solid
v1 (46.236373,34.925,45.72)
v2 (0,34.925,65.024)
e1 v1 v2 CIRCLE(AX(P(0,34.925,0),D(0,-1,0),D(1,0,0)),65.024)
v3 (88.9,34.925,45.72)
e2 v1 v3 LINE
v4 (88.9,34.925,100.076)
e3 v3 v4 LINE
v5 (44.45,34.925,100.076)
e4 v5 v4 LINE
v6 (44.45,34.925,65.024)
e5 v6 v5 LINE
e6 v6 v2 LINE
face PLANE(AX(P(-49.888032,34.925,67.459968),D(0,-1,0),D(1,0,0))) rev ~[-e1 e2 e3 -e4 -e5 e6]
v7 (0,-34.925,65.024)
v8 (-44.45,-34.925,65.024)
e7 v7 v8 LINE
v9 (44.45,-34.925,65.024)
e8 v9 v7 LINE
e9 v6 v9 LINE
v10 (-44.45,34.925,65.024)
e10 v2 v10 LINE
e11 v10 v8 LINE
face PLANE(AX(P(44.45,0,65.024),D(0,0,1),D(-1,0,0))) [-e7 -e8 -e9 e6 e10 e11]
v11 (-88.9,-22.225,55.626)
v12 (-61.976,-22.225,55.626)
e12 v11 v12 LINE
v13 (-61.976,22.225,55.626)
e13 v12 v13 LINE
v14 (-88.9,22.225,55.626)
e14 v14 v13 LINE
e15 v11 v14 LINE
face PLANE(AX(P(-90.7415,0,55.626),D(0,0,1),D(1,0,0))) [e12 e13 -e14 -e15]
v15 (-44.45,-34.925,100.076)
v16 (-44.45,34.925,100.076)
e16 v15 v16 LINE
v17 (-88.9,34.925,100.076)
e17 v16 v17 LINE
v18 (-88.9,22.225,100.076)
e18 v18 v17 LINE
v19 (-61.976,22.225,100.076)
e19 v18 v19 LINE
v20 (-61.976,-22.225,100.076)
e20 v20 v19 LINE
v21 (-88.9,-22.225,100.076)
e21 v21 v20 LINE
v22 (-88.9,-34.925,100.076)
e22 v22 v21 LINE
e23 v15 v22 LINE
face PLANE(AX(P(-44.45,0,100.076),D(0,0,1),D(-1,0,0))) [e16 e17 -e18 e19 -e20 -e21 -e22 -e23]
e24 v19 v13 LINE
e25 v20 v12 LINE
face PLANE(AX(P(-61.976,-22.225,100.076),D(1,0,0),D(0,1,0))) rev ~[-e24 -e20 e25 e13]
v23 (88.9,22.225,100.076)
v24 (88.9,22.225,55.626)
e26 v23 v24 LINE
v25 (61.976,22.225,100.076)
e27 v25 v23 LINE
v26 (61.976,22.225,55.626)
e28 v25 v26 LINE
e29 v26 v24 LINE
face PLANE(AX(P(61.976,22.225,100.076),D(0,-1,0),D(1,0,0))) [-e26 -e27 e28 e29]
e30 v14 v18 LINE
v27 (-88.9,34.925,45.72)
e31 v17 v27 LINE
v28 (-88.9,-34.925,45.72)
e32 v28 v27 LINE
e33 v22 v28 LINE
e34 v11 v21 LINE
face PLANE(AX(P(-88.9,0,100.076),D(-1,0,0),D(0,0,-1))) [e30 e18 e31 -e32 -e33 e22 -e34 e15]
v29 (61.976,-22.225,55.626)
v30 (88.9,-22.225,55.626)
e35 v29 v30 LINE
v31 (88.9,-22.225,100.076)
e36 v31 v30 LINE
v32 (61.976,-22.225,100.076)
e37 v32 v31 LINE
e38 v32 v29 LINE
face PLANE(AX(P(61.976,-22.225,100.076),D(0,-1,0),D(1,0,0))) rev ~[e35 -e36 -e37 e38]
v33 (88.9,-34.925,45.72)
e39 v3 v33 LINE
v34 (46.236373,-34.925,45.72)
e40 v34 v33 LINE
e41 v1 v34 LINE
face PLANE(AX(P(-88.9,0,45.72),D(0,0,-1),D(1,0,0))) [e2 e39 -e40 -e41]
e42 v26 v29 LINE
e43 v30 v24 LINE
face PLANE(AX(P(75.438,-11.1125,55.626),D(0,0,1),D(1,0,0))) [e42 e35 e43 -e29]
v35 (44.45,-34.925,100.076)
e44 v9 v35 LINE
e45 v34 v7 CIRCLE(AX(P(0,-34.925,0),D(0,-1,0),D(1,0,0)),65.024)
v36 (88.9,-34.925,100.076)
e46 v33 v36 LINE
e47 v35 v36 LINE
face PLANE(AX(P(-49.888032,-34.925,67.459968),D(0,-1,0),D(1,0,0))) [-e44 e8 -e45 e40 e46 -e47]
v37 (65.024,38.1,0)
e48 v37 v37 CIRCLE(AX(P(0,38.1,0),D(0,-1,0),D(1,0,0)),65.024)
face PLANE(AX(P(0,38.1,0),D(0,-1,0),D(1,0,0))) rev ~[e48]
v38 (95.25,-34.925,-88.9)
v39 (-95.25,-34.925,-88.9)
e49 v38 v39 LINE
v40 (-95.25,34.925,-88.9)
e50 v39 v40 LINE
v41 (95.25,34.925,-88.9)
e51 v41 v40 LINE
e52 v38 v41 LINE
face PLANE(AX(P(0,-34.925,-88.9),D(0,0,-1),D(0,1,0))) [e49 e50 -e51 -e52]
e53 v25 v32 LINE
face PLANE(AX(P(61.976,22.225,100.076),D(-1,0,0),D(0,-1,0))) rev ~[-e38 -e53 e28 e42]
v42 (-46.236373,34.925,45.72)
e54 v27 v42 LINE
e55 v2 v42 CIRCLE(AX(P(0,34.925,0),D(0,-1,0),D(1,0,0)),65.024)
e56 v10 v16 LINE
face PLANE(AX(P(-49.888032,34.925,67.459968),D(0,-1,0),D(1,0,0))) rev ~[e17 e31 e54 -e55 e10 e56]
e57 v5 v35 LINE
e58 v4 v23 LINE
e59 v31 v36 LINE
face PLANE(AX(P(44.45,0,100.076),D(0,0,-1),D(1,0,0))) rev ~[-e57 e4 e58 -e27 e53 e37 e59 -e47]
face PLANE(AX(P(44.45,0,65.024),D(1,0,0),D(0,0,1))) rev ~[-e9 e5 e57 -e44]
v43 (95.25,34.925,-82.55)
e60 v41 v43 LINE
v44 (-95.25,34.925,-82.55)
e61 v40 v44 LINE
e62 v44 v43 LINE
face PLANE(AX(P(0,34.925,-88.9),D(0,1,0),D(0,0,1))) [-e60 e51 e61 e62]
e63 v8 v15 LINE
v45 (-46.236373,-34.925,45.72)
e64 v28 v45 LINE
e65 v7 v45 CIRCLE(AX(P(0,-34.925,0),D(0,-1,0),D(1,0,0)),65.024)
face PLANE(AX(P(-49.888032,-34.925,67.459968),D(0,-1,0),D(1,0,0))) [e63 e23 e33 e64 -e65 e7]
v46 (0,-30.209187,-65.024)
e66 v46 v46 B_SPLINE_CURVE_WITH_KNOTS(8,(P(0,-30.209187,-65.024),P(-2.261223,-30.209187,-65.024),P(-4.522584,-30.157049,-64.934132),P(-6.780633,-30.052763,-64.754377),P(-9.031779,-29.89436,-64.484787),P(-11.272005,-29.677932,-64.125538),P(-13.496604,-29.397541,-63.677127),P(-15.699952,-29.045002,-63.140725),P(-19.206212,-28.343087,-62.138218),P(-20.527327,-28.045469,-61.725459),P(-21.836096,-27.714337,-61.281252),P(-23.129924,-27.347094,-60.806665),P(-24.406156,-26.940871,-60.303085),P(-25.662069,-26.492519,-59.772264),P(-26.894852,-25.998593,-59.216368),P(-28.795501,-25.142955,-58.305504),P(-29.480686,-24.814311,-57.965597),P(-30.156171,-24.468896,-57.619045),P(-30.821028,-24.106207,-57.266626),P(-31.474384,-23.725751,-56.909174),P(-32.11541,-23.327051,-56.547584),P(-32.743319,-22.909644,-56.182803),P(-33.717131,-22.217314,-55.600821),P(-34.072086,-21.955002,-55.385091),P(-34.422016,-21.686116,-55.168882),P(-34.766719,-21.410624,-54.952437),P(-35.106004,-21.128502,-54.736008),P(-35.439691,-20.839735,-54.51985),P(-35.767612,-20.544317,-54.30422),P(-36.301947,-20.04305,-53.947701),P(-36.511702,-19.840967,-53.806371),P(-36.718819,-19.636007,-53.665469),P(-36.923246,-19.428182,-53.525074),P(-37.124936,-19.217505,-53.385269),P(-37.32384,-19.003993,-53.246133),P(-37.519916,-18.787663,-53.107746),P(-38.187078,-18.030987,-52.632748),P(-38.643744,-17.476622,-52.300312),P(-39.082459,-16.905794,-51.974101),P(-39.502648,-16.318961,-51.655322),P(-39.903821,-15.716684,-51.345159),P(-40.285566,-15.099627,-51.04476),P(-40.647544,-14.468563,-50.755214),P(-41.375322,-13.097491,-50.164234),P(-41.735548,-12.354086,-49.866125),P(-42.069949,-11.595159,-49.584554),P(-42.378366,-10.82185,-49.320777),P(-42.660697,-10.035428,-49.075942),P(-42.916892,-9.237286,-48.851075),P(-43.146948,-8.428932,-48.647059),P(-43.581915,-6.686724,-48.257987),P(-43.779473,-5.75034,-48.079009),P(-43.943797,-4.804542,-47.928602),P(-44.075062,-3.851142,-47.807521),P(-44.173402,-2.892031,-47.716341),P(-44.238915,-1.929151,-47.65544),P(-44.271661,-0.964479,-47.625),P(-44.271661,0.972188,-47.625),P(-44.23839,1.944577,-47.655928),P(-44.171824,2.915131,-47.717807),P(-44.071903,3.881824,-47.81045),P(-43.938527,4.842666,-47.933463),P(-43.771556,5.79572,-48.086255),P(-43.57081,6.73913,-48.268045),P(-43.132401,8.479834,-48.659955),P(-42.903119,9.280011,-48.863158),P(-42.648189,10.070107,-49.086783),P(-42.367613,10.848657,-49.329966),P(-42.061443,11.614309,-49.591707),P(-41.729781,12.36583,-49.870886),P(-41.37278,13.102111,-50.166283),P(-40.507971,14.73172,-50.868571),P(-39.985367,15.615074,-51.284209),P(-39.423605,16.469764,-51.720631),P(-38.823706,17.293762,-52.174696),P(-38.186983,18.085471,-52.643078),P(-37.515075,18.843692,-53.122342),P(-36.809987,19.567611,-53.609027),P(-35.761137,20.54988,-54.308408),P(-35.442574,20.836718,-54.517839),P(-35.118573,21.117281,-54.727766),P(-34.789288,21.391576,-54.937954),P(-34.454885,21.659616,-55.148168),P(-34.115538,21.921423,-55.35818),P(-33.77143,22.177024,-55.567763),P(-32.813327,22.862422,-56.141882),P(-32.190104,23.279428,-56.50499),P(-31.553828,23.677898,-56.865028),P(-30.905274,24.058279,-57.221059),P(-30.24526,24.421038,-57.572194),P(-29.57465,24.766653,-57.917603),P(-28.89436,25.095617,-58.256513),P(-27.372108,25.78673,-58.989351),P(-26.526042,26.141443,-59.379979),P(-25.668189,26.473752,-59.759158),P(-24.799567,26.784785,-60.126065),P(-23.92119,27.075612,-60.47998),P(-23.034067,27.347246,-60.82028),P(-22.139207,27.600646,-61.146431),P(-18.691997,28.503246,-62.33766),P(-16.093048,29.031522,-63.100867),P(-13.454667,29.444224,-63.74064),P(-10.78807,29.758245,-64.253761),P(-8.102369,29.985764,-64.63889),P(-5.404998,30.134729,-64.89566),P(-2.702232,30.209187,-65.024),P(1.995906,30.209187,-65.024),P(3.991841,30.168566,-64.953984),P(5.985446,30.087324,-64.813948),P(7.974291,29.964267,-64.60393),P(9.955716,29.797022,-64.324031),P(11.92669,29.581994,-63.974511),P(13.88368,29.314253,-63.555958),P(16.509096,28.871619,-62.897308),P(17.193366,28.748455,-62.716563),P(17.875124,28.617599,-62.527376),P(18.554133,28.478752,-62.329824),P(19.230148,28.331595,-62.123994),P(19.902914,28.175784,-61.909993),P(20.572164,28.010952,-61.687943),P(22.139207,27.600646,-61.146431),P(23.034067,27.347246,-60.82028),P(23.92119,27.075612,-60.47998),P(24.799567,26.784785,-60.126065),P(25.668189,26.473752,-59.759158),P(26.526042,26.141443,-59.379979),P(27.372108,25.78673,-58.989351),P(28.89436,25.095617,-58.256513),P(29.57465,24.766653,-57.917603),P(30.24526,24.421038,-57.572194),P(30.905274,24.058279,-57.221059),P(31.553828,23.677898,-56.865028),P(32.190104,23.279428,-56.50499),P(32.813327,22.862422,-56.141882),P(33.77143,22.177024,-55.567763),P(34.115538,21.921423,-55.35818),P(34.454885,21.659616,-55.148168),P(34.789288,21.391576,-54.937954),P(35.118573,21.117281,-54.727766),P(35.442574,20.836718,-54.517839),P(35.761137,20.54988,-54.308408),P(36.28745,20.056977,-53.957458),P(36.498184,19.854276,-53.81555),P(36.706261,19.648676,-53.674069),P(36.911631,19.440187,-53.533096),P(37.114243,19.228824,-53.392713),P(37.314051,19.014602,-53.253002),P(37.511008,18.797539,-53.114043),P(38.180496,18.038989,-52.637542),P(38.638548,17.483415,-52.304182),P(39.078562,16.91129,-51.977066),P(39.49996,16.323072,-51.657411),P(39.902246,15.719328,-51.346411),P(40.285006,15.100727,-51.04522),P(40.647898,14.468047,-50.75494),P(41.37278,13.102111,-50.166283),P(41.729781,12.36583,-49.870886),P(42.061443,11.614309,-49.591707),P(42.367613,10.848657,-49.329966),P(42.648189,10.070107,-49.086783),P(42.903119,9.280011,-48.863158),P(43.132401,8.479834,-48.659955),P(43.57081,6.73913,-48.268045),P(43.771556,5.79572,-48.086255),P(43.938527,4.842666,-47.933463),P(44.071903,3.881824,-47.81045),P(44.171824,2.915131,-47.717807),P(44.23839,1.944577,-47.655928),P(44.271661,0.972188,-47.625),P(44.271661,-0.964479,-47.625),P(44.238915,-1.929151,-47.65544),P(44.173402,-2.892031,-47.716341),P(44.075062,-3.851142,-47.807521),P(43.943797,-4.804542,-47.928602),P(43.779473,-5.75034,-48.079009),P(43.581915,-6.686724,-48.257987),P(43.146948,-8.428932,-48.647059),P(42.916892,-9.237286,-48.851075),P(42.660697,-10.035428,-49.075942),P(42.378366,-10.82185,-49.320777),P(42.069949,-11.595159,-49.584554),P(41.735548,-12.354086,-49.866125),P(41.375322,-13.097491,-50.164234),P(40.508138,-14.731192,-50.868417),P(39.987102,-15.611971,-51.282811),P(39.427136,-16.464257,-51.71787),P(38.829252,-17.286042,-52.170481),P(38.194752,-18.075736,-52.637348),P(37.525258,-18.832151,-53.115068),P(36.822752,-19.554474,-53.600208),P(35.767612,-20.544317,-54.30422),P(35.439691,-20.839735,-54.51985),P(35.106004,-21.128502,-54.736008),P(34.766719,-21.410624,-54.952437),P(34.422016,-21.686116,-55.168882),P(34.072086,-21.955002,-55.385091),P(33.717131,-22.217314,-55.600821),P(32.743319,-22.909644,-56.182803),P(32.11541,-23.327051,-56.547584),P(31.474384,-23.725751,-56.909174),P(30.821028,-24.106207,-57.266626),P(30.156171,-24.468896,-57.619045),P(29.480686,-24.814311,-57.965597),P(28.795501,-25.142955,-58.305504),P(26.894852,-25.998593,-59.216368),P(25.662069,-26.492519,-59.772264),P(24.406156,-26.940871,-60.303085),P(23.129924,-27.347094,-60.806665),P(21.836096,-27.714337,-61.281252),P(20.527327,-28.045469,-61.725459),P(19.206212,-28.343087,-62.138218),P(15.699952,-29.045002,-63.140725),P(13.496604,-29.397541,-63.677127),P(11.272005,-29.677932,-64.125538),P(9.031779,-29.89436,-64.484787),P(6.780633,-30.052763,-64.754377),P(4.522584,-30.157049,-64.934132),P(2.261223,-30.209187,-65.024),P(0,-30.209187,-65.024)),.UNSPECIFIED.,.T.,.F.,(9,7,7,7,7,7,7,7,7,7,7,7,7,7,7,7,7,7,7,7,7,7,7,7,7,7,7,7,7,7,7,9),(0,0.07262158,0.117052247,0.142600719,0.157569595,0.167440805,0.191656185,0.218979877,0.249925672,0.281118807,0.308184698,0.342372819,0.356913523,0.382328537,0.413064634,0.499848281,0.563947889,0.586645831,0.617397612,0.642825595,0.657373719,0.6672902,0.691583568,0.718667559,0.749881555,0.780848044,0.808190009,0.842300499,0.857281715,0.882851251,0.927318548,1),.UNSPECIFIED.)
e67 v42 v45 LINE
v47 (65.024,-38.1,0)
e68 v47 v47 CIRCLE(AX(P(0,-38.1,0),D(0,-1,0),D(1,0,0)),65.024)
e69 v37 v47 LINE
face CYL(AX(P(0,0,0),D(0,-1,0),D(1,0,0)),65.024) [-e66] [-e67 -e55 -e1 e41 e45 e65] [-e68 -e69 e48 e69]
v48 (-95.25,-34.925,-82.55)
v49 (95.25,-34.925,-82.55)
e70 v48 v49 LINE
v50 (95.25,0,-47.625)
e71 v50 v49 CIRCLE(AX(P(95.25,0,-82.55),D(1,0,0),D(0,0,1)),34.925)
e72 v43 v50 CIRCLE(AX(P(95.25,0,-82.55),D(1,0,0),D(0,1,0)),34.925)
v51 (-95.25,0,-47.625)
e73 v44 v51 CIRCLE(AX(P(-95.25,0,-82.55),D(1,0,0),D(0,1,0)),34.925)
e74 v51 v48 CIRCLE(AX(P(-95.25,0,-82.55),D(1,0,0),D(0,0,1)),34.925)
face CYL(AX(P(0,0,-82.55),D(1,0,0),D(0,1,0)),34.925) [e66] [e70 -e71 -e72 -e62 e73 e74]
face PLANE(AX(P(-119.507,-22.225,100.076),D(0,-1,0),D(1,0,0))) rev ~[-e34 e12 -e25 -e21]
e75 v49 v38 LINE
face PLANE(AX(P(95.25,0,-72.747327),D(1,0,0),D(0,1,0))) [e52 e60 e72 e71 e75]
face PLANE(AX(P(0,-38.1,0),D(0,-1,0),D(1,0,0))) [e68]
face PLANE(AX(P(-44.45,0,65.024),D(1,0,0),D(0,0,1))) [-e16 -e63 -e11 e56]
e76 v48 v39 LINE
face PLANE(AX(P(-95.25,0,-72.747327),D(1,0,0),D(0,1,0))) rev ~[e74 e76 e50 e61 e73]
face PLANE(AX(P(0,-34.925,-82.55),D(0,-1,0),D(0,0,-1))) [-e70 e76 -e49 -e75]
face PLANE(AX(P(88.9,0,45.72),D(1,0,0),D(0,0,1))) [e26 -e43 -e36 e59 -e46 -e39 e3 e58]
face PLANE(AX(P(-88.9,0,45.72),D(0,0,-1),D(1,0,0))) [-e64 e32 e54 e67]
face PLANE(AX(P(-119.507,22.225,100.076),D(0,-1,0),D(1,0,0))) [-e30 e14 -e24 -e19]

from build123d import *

# Parameters (mm, degrees)
F0_R     = 65.024
F1_DEPTH = 38.1
F3_DEPTH = 95.25
F4_W     = 44.45
F4_H     = 35.052
F5_DEPTH = 34.925
F6_W     = 57.531
F6_H     = 44.45
F6_W_2   = 26.924
F6_H_2   = 22.225
F7_DEPTH = 44.45


with BuildPart() as f1:
    # F0 (on Front) → F1 (new body, symmetric)
    with BuildSketch(Plane.XZ):
        Circle(F0_R)
    extrude(amount=F1_DEPTH, both=True)

    # F2 (on Right) → F3 (join, symmetric)
    with BuildSketch(Plane.YZ):
        with BuildLine():
            Line((34.925, -88.9), (34.925, -82.55))
            ThreePointArc((34.925, -82.55), (24.6957043329, -57.8542956671), (0, -47.625))
            ThreePointArc((0, -47.625), (-24.6957043329, -57.8542956671), (-34.925, -82.55))
            Line((-34.925, -82.55), (-34.925, -88.9))
            Line((-34.925, -88.9), (34.925, -88.9))
        make_face()
    extrude(amount=F3_DEPTH, both=True)

    # F4 (on Front) → F5 (join, symmetric)
    with BuildSketch(Plane.XZ):
        Polygon((-88.9, 45.72), (0, 45.72), (0, 65.024), (-44.45, 65.024), (-44.45, 100.076), (-88.9, 100.076), align=None)
        with Locations((66.675, 82.55)):
            Rectangle(F4_W, F4_H)
        Polygon((0, 65.024), (0, 45.72), (88.9, 45.72), (88.9, 65.024), (44.45, 65.024), align=None)
    extrude(amount=F5_DEPTH, both=True)

    # F6 (on face) → F7 (cut)
    with BuildSketch(Plane.XY.offset(100.076)):
        with Locations((-90.7415, 0)):
            Rectangle(F6_W, F6_H)
        with Locations((75.438, -11.1125)):
            Rectangle(F6_W_2, F6_H_2)
        with Locations((75.438, 11.1125)):
            Rectangle(F6_W_2, F6_H_2)
    extrude(amount=-F7_DEPTH, mode=Mode.SUBTRACT)


solid = f1.part
